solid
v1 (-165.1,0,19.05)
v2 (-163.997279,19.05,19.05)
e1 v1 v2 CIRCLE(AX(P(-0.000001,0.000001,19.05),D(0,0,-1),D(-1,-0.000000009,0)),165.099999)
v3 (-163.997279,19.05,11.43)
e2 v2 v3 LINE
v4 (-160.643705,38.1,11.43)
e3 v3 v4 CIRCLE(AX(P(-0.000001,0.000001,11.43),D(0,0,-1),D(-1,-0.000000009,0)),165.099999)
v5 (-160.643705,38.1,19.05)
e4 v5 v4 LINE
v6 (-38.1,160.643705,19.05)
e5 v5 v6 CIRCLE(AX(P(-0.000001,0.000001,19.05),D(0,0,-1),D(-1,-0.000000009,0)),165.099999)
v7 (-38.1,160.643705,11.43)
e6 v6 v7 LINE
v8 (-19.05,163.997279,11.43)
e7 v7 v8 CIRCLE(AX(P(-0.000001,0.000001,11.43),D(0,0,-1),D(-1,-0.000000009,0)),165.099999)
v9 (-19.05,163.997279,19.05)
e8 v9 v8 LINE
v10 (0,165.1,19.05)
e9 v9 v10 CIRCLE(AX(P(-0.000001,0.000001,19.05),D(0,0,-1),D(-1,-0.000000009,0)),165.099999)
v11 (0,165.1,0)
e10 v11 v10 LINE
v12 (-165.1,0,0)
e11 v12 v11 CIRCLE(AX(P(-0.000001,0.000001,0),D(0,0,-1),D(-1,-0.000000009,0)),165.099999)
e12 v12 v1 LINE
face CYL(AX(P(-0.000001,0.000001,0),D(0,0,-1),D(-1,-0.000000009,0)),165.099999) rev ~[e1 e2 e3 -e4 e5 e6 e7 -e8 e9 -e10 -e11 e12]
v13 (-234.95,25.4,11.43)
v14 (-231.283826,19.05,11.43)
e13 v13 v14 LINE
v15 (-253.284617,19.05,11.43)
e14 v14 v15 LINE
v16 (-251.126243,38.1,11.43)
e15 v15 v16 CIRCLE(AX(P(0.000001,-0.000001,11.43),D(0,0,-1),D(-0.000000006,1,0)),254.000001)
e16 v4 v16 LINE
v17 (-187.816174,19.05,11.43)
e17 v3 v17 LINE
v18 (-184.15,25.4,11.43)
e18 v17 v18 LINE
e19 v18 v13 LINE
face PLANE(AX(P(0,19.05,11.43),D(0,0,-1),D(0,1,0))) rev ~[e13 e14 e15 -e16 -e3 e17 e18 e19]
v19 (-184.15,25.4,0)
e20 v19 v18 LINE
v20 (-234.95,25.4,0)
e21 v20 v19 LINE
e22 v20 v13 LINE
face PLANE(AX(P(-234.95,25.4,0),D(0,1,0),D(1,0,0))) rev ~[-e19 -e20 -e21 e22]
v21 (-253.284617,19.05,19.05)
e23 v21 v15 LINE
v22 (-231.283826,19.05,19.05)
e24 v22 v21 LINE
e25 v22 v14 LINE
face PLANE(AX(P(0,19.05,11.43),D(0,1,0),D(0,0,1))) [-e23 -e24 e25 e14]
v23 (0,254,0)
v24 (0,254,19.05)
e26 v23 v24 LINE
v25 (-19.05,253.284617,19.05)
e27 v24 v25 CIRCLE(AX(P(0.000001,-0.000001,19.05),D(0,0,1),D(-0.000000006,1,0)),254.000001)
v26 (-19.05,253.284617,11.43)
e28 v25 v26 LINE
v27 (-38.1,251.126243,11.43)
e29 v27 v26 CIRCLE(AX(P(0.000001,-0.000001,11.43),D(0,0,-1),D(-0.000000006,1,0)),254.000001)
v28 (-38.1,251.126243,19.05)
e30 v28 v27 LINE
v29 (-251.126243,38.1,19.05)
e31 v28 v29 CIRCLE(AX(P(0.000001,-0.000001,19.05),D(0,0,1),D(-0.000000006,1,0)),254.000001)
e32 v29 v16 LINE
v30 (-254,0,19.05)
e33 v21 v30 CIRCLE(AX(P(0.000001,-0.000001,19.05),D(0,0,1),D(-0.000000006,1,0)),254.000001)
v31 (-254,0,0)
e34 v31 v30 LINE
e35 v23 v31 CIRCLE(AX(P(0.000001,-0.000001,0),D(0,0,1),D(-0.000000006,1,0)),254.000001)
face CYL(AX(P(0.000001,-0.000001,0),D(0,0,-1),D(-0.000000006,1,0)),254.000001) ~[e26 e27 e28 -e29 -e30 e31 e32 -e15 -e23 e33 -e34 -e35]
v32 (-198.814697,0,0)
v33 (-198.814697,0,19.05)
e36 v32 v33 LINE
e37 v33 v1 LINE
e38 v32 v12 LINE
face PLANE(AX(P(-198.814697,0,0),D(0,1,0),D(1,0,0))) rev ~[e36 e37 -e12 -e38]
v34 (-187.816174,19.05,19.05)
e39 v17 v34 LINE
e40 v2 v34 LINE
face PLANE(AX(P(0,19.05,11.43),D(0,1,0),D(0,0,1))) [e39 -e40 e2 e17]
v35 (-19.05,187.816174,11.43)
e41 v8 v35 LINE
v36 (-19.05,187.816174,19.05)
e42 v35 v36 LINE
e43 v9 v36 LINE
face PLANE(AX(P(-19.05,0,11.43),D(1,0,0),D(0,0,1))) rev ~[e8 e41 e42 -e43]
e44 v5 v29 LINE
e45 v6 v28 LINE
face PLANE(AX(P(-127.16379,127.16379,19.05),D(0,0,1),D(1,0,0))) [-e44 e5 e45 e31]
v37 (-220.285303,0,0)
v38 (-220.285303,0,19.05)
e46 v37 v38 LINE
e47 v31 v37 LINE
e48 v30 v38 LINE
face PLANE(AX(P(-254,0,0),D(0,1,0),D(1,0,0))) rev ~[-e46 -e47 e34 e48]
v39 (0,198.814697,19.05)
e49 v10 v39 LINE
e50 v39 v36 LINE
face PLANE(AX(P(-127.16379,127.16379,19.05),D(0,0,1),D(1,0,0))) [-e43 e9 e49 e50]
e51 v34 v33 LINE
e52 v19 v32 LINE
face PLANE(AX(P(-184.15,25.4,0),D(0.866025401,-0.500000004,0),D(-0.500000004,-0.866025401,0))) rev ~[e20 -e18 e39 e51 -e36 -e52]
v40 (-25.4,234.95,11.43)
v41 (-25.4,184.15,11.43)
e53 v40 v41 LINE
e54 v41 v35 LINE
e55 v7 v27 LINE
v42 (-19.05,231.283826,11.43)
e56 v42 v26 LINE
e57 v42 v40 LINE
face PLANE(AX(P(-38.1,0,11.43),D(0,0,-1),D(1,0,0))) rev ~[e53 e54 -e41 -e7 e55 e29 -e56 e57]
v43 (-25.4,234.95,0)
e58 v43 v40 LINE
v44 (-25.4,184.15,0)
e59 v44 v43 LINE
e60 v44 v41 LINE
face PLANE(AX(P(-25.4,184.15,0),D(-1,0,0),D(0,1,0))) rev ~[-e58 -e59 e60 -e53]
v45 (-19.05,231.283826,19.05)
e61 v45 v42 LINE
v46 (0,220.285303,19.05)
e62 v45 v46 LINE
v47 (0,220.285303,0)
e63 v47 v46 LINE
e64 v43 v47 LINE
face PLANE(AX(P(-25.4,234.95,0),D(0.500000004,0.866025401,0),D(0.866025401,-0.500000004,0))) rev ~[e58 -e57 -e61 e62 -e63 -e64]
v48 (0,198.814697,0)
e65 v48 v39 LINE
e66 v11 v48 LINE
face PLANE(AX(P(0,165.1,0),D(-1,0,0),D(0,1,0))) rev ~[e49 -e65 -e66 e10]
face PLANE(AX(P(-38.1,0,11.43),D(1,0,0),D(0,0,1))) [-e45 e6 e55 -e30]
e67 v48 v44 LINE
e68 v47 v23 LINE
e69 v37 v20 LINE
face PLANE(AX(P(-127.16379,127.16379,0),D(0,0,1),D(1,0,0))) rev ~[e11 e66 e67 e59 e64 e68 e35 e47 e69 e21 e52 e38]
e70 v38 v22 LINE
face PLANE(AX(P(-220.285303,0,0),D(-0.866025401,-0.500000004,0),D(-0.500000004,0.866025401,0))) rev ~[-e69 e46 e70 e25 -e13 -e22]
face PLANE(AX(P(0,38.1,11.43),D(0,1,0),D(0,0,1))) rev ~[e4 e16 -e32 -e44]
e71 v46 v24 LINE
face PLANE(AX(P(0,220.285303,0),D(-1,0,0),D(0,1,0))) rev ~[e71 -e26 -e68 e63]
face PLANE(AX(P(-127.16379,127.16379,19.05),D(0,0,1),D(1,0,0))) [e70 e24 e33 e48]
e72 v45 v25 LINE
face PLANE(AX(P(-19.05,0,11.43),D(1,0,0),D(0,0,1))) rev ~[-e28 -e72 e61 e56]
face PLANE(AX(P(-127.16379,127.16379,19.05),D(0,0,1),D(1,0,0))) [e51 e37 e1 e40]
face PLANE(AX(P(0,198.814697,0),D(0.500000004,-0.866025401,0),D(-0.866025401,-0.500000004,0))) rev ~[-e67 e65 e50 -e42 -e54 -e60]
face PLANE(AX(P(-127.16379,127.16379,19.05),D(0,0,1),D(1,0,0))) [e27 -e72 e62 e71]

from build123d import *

# Parameters (mm, degrees)
F1_DEPTH = 19.05
F2_W     = 19.05
F2_H     = 7.62
F3_DEPTH = 254.001
F4_W     = 19.05
F4_H     = 7.62
F5_DEPTH = 254.001


with BuildPart() as f1:
    # F0 (on Top) → F1 (new body)
    with BuildSketch(Plane.XY):
        with BuildLine():
            ThreePointArc((0, 254), (-179.605122, 179.605122), (-254, 0))
            Line((-254, 0), (-220.285303, 0))
            Line((-220.285303, 0), (-234.95, 25.4))
            Line((-234.95, 25.4), (-184.15, 25.4))
            Line((-184.15, 25.4), (-198.814697, 0))
            Line((-198.814697, 0), (-165.1, 0))
            ThreePointArc((-165.1, 0), (-116.74333, 116.74333), (0, 165.1))
            Line((0, 165.1), (0, 198.814697))
            Line((0, 198.814697), (-25.4, 184.15))
            Line((-25.4, 184.15), (-25.4, 234.95))
            Line((-25.4, 234.95), (0, 220.285303))
            Line((0, 220.285303), (0, 254))
        make_face()
    extrude(amount=F1_DEPTH)

    # F2 (on Right) → F3 (cut, through all)
    with BuildSketch(Plane.YZ):
        with Locations((28.575, 15.24)):
            Rectangle(F2_W, F2_H)
    extrude(amount=-F3_DEPTH, mode=Mode.SUBTRACT)

    # F4 (on Front) → F5 (cut, through all)
    with BuildSketch(Plane.XZ):
        with Locations((-28.575, 15.24)):
            Rectangle(F4_W, F4_H)
    extrude(amount=-F5_DEPTH, mode=Mode.SUBTRACT)


solid = f1.part
